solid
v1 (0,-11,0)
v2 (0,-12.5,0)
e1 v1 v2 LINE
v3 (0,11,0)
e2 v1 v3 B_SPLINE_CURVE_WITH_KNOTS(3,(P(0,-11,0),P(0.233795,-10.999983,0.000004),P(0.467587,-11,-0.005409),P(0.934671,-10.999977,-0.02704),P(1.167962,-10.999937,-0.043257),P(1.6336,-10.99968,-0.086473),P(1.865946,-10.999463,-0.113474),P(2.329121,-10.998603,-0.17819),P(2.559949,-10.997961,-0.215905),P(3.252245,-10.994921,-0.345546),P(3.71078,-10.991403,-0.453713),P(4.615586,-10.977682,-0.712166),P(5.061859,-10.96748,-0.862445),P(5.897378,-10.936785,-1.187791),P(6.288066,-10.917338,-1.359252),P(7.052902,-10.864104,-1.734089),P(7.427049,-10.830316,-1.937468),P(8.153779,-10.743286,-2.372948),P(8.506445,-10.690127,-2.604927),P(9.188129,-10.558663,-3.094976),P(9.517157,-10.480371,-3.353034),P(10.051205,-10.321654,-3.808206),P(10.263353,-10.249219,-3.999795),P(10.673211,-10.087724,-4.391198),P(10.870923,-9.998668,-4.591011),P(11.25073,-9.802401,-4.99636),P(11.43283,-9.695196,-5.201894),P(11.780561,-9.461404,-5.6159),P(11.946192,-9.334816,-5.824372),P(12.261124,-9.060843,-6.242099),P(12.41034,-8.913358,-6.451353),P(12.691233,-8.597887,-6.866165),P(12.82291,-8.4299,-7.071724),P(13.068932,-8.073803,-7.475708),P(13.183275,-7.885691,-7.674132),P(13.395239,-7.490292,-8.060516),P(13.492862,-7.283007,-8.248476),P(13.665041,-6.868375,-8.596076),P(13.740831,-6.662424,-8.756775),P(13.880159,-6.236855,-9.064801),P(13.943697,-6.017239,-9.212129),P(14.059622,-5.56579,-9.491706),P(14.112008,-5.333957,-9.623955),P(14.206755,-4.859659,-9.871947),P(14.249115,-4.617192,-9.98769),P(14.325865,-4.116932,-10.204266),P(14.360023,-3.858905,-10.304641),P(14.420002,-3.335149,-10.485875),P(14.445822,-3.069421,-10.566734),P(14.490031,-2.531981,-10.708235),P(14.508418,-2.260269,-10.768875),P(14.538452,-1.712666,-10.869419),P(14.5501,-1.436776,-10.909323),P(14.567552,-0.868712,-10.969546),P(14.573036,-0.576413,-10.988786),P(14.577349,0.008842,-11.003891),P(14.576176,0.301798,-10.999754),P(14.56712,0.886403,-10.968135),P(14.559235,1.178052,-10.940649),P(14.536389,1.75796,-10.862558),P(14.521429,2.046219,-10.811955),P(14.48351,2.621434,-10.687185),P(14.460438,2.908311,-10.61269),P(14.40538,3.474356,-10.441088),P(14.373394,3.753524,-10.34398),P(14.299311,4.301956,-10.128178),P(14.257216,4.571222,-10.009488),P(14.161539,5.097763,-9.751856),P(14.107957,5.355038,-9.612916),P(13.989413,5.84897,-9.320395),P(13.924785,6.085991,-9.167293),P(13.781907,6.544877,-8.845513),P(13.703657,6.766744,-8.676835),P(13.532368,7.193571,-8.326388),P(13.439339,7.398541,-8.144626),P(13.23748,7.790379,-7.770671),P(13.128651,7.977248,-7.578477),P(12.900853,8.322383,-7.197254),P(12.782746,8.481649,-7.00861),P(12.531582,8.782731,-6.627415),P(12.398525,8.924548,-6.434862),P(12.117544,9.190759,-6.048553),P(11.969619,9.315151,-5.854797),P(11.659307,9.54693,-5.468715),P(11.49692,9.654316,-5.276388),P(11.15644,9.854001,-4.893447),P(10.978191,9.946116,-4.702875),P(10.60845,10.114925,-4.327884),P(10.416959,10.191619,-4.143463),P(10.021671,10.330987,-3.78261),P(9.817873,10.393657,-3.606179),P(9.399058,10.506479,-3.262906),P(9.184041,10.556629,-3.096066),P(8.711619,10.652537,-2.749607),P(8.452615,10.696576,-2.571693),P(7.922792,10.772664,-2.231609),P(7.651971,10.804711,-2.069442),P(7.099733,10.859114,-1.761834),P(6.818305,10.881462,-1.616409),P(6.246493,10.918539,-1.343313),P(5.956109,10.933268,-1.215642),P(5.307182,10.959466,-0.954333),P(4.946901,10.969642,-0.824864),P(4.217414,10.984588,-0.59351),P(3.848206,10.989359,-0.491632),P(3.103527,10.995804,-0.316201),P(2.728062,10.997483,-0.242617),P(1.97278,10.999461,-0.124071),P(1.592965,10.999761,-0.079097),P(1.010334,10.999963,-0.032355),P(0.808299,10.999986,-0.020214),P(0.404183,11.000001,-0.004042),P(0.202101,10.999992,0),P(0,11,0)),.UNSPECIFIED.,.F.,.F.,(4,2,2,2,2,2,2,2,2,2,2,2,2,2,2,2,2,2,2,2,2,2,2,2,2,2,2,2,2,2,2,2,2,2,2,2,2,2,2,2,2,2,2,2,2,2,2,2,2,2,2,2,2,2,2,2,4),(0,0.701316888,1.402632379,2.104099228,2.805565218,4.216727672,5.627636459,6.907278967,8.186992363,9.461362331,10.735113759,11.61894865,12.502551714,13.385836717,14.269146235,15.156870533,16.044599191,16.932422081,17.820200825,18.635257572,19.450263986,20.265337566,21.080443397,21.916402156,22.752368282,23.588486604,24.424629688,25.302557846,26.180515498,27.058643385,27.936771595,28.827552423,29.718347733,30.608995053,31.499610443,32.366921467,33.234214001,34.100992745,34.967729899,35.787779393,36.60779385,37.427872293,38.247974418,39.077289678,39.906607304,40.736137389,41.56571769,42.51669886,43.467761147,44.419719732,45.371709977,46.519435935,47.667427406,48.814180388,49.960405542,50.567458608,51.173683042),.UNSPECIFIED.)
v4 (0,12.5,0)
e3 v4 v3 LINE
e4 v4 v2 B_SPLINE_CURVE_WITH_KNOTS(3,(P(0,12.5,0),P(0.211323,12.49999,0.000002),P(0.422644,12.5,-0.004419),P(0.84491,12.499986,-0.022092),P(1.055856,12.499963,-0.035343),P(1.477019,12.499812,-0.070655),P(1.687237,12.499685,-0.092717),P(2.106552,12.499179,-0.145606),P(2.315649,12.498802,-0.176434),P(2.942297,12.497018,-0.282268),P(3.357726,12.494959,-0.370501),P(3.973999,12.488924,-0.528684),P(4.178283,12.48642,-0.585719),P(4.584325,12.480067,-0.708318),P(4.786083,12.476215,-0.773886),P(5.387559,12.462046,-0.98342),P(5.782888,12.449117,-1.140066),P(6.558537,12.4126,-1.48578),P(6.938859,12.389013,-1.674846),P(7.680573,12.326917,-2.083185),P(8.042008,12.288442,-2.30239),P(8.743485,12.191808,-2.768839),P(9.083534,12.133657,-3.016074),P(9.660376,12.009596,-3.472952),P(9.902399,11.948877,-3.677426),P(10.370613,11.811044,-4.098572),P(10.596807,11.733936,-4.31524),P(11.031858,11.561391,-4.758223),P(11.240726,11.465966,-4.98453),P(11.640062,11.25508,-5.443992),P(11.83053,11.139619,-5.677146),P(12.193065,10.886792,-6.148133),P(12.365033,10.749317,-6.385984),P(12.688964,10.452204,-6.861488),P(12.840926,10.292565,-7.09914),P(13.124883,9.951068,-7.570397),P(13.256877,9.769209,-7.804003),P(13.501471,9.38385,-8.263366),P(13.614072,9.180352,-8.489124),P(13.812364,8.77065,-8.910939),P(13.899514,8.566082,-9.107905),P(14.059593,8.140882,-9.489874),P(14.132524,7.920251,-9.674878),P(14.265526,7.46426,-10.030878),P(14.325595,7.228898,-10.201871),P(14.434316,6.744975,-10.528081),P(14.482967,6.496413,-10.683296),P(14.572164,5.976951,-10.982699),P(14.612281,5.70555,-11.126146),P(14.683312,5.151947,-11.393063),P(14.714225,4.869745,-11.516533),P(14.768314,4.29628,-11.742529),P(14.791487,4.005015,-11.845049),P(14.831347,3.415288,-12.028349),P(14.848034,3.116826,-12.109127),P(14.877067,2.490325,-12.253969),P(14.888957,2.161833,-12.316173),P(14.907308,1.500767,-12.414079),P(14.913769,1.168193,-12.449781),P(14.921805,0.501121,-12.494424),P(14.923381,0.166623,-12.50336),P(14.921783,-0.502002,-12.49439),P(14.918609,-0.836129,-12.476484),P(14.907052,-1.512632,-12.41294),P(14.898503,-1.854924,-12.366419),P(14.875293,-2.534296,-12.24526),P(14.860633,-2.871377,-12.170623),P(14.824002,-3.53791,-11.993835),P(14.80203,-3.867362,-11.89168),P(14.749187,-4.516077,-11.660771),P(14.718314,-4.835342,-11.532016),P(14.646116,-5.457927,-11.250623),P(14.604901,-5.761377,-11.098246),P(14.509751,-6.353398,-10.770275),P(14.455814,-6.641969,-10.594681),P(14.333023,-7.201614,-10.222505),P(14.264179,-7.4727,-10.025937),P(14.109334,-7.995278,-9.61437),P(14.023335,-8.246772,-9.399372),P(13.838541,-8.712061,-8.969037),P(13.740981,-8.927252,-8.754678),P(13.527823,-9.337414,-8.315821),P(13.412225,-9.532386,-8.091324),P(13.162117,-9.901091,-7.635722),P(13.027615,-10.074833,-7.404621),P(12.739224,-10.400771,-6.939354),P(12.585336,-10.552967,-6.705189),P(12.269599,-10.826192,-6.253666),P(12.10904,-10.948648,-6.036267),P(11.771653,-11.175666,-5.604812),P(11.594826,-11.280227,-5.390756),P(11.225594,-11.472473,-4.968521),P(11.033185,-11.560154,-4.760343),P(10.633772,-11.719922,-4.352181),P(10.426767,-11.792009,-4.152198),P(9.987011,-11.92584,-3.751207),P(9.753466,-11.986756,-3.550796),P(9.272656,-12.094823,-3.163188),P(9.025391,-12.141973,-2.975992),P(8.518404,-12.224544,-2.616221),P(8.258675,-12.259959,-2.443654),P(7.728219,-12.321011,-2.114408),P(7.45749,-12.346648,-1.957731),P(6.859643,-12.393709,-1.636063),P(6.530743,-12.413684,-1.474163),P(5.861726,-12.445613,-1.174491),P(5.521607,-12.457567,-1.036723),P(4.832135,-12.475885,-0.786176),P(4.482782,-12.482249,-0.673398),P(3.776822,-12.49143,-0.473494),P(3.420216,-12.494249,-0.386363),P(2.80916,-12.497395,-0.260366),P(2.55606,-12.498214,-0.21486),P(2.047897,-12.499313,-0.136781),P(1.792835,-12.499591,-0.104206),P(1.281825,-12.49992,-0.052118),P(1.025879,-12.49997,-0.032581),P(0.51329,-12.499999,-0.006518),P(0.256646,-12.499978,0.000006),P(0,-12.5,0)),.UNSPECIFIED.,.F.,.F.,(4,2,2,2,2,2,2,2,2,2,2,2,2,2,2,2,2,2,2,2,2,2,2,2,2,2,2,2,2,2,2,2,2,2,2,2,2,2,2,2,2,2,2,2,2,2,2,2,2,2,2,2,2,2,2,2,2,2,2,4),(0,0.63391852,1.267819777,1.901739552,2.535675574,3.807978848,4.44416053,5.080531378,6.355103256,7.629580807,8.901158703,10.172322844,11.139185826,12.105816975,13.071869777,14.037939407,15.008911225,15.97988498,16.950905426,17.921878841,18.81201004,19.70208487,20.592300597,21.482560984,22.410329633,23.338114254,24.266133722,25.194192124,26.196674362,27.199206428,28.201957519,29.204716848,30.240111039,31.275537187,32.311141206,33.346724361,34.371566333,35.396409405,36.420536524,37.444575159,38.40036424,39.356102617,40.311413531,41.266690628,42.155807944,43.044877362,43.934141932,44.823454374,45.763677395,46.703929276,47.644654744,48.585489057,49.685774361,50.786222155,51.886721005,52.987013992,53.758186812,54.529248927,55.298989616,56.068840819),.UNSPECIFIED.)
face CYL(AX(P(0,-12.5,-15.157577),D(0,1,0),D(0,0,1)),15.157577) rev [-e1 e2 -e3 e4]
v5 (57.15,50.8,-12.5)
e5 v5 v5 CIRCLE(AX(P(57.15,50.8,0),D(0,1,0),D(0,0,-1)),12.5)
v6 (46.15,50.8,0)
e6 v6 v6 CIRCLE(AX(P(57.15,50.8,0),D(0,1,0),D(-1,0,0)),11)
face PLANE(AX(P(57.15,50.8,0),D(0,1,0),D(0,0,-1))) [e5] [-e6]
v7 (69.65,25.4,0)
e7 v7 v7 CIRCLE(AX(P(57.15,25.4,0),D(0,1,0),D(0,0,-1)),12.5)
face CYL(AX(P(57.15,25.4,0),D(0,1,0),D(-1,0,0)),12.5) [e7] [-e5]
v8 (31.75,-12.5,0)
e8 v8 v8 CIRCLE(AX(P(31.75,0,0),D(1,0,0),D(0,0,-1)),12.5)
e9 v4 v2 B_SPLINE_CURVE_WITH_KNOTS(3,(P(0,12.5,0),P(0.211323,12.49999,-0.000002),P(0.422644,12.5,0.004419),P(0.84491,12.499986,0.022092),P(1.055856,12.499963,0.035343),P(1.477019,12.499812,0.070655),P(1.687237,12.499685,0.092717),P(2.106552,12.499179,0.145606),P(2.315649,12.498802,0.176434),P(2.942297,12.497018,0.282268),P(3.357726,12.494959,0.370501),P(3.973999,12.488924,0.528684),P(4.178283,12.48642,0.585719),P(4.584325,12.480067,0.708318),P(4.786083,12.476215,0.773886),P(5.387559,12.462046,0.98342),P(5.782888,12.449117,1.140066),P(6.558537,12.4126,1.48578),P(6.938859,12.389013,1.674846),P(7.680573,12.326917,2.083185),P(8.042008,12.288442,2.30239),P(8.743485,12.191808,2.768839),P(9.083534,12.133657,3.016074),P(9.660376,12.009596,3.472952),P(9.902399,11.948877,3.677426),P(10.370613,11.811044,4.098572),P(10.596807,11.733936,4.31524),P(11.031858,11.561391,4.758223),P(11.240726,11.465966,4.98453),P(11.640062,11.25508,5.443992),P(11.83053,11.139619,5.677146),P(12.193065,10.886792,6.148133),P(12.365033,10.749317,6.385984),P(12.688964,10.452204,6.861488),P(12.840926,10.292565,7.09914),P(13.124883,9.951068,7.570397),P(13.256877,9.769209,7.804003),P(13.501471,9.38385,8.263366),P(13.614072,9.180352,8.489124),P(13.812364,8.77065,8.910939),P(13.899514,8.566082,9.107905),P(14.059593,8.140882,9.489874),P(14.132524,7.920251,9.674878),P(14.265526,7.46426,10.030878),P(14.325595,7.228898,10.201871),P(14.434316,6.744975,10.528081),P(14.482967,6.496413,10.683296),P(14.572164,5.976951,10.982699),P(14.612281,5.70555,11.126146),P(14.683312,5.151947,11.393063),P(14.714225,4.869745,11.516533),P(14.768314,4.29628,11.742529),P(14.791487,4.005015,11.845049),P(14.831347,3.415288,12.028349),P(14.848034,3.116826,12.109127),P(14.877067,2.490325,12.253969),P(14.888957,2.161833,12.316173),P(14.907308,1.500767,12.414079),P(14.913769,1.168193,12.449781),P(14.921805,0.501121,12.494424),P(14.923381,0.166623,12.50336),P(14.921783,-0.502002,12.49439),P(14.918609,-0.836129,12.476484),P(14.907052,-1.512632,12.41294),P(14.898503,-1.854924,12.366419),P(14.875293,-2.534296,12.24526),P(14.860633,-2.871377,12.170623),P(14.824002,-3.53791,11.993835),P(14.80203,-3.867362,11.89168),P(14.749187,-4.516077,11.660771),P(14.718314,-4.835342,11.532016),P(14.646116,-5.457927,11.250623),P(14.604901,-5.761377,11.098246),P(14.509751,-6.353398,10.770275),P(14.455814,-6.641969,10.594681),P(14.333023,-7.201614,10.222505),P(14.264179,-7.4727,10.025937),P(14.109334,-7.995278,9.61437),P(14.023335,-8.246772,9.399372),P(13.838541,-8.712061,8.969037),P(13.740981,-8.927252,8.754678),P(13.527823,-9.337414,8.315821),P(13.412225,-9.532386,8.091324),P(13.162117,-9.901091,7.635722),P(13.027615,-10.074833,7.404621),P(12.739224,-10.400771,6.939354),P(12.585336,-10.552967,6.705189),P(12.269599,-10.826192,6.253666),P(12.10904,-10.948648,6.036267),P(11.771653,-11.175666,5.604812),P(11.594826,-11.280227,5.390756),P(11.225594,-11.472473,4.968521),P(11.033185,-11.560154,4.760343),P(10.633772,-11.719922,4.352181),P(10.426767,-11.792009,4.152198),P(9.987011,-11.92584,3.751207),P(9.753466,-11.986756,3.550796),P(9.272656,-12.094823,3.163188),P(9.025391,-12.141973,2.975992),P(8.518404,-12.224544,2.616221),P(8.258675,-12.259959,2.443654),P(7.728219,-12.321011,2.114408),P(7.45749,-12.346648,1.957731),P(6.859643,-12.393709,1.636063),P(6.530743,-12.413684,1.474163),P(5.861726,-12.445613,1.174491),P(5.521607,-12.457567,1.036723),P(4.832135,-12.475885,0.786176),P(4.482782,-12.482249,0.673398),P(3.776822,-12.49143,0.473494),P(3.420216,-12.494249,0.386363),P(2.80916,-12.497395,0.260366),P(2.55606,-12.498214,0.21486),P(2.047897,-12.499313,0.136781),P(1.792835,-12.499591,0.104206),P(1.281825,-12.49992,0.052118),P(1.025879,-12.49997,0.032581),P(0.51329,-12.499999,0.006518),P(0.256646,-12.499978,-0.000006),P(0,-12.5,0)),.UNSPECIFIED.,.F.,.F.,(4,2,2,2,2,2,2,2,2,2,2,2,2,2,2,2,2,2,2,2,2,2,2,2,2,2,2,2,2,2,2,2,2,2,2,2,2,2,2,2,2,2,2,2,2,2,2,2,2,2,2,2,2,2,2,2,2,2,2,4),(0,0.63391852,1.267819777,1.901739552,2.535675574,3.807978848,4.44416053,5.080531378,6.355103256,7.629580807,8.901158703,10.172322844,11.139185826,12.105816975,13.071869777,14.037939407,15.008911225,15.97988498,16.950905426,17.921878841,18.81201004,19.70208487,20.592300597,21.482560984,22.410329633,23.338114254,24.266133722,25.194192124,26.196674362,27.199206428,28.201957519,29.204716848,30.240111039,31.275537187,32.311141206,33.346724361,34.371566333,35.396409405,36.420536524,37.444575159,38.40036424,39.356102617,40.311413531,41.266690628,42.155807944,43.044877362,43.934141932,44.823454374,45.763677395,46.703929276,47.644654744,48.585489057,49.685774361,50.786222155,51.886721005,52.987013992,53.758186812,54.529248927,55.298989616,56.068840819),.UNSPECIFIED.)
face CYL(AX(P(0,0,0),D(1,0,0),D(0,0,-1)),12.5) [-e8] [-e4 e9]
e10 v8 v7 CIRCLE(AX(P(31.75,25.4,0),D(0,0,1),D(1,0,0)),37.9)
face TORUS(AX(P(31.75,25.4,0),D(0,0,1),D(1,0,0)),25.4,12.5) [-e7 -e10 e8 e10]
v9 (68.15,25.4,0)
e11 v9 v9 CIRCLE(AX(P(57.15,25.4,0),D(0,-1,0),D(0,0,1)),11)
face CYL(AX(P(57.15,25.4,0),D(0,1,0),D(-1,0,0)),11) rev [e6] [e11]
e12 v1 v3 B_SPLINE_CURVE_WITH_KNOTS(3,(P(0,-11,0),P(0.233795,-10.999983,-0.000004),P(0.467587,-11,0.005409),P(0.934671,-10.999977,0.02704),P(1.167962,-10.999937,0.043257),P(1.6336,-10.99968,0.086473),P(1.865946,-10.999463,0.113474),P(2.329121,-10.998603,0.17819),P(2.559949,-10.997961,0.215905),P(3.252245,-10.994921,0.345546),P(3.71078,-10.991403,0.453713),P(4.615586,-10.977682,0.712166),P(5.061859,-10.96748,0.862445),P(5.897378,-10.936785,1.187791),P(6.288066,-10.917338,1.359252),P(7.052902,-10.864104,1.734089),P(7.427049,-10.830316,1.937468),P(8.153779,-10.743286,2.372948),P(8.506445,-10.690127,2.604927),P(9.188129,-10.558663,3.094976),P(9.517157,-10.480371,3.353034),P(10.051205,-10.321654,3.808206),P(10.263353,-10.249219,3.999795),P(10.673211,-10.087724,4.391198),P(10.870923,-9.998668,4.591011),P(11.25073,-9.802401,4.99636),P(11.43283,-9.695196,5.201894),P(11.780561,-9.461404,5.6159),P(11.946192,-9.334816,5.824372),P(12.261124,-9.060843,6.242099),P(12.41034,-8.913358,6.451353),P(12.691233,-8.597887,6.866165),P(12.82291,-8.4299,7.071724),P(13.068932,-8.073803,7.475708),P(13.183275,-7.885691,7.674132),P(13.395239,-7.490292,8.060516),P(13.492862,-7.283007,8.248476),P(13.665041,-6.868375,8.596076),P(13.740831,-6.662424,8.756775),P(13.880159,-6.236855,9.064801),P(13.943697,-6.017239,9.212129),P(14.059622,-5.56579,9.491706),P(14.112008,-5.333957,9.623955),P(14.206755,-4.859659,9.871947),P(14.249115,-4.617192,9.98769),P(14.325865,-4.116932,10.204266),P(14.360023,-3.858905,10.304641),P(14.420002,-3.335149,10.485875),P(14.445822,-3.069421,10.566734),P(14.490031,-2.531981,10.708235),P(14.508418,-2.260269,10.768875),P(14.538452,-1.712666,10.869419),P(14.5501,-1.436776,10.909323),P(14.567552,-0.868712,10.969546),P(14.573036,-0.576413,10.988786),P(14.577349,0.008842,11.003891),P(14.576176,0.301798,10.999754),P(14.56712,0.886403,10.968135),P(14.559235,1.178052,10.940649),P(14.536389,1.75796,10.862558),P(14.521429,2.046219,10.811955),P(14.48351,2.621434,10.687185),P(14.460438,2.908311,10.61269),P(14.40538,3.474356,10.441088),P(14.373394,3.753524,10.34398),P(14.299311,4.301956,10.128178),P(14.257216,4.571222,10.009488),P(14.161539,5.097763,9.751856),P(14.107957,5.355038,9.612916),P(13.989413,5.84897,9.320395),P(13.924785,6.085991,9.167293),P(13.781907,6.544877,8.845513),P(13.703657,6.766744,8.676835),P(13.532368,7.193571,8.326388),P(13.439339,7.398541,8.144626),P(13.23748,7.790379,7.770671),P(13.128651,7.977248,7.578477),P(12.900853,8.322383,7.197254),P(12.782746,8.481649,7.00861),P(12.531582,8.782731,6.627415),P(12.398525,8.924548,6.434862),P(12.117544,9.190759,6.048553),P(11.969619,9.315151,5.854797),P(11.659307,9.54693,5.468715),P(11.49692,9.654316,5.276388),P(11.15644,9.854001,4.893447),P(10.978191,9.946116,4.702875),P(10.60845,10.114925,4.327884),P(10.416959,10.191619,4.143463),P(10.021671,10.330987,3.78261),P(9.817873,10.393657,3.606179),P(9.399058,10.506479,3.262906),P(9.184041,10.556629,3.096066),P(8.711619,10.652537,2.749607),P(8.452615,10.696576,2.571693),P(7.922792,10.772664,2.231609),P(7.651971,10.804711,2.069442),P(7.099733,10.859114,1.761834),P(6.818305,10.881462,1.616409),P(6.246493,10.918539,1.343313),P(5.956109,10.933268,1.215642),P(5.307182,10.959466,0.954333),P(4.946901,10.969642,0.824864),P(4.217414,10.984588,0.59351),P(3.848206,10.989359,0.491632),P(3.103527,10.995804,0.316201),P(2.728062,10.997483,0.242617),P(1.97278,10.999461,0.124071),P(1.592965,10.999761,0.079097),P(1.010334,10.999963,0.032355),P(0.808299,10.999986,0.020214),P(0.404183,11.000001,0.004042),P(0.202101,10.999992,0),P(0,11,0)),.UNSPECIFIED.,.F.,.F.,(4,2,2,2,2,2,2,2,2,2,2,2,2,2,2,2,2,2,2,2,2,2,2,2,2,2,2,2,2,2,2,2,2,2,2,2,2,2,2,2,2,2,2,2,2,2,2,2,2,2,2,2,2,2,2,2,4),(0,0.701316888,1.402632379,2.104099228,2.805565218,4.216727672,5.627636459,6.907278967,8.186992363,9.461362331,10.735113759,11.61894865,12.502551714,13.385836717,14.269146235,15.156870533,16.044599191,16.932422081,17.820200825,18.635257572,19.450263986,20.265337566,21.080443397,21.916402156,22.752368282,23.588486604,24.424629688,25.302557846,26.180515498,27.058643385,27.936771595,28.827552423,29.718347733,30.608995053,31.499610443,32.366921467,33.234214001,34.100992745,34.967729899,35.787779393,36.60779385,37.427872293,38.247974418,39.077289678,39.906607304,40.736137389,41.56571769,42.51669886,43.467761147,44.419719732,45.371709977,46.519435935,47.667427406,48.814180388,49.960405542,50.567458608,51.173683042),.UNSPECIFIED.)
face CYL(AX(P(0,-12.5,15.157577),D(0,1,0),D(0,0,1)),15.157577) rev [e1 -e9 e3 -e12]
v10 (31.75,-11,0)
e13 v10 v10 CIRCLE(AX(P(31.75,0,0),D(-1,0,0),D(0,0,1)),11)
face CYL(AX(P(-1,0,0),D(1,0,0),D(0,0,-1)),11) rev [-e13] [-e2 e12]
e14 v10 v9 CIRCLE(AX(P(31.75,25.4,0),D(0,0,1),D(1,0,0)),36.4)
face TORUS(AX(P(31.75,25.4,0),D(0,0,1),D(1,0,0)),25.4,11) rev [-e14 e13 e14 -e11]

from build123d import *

# Parameters (mm, degrees)
SKETCH1_R          = 12.5
SKETCH3_R          = 11
SKETCH7_R          = 15.157577
CUT_EXTRUDE1_DEPTH = 81.367795269


with BuildPart() as part:
    # Sweep1: sweep along a path in Sketch2
    with BuildLine(Plane.XY) as sweep1_path:
        Line((0, 0), (31.75, 0))
        ThreePointArc((31.75, 0), (49.710512242, 7.439487758), (57.15, 25.4))
        Line((57.15, 25.4), (57.15, 50.8))
    # Sketch1 → Sweep1 (sweep)
    with BuildSketch(Plane(origin=(0, 0, 0), x_dir=(0, 0, -1), z_dir=(1, 0, 0))):
        Circle(SKETCH1_R)
    sweep(path=sweep1_path.line)

    # Cut-Sweep1: sweep along a path in Sketch2<2>
    with BuildLine(Plane.XY) as cut_sweep1_path:
        Line((0, 0), (31.75, 0))
        ThreePointArc((31.75, 0), (49.710512242, 7.439487758), (57.15, 25.4))
        Line((57.15, 25.4), (57.15, 50.8))
    # Sketch3 → Cut-Sweep1 (sweep, cut)
    with BuildSketch(Plane.ZY):
        Circle(SKETCH3_R)
    sweep(path=cut_sweep1_path.line, mode=Mode.SUBTRACT)

    # Sketch7 → Cut-Extrude1 (cut, through all)
    with BuildSketch(Plane(origin=(0, 12.7, 0), x_dir=(1, 0, 0), z_dir=(0, 1, 0))):
        with Locations((0, 15.157577)):
            Circle(SKETCH7_R)
    cut_extrude1 = extrude(amount=-CUT_EXTRUDE1_DEPTH, mode=Mode.SUBTRACT)

    # Mirror1: Cut-Extrude1 across plane
    add(cut_extrude1.mirror(Plane.XY), mode=Mode.SUBTRACT)


solid = part.part
